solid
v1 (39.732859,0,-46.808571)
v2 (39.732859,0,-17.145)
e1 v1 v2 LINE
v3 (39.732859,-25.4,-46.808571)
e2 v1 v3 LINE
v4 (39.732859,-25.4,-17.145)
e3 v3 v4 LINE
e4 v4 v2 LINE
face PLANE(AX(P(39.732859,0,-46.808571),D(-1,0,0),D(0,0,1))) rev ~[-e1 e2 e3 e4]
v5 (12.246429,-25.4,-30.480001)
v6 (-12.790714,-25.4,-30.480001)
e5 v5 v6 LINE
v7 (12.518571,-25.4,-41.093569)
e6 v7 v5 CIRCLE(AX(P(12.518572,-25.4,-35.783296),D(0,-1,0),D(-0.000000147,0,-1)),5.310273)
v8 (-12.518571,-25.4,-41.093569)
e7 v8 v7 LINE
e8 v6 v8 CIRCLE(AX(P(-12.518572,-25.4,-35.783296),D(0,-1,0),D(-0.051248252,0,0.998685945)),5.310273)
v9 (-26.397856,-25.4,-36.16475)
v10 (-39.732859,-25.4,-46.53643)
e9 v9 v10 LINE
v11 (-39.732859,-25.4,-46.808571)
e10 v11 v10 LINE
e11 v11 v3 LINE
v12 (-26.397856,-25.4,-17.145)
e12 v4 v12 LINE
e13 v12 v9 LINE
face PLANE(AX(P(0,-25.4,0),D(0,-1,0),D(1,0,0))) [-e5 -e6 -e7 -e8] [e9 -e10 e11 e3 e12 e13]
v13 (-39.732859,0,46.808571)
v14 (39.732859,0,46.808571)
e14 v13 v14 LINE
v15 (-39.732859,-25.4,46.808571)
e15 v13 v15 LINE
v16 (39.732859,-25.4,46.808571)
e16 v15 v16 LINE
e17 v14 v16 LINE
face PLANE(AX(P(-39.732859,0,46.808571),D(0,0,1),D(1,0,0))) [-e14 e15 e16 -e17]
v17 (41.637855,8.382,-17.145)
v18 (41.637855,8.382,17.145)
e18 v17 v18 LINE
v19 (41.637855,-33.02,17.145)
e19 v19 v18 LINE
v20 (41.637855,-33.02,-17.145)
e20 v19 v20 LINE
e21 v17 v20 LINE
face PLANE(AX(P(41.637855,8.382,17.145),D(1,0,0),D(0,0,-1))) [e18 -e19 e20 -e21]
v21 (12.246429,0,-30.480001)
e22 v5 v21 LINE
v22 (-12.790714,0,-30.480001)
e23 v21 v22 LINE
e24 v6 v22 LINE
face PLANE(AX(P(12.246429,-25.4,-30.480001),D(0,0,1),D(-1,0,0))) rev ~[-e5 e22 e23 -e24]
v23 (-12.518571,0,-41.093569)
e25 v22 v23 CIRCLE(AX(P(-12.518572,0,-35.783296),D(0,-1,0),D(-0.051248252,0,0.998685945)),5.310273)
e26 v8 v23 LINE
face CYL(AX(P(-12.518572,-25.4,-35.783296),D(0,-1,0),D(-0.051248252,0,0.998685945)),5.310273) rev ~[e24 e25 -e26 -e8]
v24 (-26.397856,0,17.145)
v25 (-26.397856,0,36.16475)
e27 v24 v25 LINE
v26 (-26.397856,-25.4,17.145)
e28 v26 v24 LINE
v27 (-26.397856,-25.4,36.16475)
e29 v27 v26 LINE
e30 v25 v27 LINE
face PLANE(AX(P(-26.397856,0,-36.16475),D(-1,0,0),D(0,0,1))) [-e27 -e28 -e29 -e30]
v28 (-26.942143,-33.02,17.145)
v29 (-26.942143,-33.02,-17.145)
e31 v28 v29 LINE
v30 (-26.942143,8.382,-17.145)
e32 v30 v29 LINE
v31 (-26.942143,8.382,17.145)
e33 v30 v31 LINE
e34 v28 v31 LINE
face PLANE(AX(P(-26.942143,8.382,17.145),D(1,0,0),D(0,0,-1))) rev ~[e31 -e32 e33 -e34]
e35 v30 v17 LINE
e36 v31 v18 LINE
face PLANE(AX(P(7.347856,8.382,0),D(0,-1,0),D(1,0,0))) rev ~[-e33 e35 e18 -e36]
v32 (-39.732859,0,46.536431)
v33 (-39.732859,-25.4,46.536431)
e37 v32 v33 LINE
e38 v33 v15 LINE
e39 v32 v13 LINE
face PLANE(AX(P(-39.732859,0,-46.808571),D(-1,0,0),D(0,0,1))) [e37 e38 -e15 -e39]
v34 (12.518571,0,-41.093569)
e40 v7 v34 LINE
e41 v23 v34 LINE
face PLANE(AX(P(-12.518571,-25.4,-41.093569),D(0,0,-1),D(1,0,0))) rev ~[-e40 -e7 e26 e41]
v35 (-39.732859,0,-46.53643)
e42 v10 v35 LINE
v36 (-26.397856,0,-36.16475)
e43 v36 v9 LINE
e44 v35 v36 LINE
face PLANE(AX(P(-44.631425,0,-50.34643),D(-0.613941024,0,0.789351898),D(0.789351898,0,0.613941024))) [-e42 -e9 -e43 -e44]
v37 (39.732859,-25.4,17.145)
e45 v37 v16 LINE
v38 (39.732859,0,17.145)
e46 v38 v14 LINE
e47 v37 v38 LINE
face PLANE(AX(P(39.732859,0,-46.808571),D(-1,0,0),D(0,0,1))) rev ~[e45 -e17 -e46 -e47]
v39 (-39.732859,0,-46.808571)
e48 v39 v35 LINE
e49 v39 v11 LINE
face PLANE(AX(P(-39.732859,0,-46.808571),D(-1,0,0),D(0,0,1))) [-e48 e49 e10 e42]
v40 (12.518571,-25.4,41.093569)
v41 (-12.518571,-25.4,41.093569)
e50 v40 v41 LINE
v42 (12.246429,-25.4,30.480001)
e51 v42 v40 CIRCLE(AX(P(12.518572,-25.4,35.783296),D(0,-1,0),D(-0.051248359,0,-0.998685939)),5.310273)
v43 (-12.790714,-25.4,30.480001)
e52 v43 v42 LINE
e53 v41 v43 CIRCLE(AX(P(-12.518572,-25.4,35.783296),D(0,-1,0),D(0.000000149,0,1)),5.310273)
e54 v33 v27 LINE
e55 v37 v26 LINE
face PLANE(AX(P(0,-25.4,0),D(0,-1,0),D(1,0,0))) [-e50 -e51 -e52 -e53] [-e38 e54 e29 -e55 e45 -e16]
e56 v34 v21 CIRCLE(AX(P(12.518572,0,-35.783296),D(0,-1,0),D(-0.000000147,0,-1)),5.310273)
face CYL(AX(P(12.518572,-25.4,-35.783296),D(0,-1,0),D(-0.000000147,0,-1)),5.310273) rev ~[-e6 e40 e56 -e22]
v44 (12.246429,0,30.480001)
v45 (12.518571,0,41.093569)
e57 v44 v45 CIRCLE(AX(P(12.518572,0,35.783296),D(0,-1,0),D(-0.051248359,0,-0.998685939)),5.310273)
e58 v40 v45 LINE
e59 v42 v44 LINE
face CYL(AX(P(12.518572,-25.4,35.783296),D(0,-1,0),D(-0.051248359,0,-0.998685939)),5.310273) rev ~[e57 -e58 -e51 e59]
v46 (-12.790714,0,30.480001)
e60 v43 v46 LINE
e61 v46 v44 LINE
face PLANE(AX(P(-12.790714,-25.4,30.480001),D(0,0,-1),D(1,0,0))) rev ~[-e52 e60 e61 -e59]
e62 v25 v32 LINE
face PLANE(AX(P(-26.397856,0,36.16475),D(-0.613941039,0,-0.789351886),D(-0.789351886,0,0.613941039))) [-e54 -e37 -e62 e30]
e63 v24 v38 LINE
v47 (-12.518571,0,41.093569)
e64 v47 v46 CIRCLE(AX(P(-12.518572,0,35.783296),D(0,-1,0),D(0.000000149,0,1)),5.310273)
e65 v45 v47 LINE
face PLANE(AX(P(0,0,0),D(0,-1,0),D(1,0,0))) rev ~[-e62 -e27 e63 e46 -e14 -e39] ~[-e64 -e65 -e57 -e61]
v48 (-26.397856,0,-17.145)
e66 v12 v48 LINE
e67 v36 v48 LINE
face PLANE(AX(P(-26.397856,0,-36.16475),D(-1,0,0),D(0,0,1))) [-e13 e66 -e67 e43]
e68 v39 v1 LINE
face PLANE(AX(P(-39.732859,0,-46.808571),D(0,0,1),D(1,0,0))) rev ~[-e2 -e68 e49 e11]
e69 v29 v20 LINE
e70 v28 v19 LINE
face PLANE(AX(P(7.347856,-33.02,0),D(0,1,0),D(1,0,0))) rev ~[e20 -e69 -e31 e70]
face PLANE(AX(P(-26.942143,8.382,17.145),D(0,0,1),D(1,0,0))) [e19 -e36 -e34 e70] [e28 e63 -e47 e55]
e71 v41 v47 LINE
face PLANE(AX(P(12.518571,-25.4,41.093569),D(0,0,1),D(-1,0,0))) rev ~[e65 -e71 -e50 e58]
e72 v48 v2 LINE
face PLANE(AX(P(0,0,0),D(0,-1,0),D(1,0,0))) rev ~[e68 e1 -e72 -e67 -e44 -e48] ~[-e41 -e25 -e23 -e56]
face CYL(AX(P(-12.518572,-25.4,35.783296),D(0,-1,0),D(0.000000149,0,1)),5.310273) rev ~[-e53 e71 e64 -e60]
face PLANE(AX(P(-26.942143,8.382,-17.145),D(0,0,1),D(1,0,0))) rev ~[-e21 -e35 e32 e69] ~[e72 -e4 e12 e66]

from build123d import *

# Parameters (mm, degrees)
F0_W      = 79.465718
F0_H      = 93.617142
F1_DEPTH  = 25.4
F3_DEPTH  = 50.292
F5_DEPTH  = 133.096
F6_W      = 68.579998
F6_H      = 34.29
F7_DEPTH  = 8.382
F7_FACE_W = 68.579998
F7_FACE_H = 34.29
F8_DEPTH  = 41.402


with BuildPart() as f1:
    # F0 (on Front) → F1 (new body)
    with BuildSketch(Plane.XZ):
        Rectangle(F0_W, F0_H)
    extrude(amount=F1_DEPTH)

    # F2 (on face) → F3 (cut)
    with BuildSketch(Plane.XZ.offset(25.4)):
        with BuildLine():
            ThreePointArc((-12.518571, 41.093569), (-17.8271, 35.919412), (-12.790714, 30.480001))
            Line((-12.790714, 30.480001), (12.246429, 30.480001))
            ThreePointArc((12.246429, 30.480001), (17.8271, 35.64718), (12.518571, 41.093569))
            Line((12.518571, 41.093569), (-12.518571, 41.093569))
        make_face()
        with BuildLine():
            ThreePointArc((12.518571, -41.093569), (17.8271, -35.64718), (12.246429, -30.480001))
            Line((12.246429, -30.480001), (-12.790714, -30.480001))
            ThreePointArc((-12.790714, -30.480001), (-17.8271, -35.919412), (-12.518571, -41.093569))
            Line((-12.518571, -41.093569), (12.518571, -41.093569))
        make_face()
    extrude(amount=-F3_DEPTH, mode=Mode.SUBTRACT)

    # F4 (on Front) → F5 (cut)
    with BuildSketch(Plane.XZ):
        Polygon((-26.397856, -36.16475), (-26.397856, 36.16475), (-42.18214, 48.441429), (-44.631425, -50.34643), align=None)
    extrude(amount=F5_DEPTH, mode=Mode.SUBTRACT)

    # F6 (on Front) → F7 (join)
    with BuildSketch(Plane.XZ):
        with Locations((7.347856, 0)):
            Rectangle(F6_W, F6_H)
    extrude(amount=-F7_DEPTH)

    # F7_face (on face) → F8 (join)
    with BuildSketch(Plane(origin=(7.347856, 8.382, 0), x_dir=(1, 0, 0), z_dir=(0, 1, 0))):
        Rectangle(F7_FACE_W, F7_FACE_H)
    extrude(amount=-F8_DEPTH)


solid = f1.part
